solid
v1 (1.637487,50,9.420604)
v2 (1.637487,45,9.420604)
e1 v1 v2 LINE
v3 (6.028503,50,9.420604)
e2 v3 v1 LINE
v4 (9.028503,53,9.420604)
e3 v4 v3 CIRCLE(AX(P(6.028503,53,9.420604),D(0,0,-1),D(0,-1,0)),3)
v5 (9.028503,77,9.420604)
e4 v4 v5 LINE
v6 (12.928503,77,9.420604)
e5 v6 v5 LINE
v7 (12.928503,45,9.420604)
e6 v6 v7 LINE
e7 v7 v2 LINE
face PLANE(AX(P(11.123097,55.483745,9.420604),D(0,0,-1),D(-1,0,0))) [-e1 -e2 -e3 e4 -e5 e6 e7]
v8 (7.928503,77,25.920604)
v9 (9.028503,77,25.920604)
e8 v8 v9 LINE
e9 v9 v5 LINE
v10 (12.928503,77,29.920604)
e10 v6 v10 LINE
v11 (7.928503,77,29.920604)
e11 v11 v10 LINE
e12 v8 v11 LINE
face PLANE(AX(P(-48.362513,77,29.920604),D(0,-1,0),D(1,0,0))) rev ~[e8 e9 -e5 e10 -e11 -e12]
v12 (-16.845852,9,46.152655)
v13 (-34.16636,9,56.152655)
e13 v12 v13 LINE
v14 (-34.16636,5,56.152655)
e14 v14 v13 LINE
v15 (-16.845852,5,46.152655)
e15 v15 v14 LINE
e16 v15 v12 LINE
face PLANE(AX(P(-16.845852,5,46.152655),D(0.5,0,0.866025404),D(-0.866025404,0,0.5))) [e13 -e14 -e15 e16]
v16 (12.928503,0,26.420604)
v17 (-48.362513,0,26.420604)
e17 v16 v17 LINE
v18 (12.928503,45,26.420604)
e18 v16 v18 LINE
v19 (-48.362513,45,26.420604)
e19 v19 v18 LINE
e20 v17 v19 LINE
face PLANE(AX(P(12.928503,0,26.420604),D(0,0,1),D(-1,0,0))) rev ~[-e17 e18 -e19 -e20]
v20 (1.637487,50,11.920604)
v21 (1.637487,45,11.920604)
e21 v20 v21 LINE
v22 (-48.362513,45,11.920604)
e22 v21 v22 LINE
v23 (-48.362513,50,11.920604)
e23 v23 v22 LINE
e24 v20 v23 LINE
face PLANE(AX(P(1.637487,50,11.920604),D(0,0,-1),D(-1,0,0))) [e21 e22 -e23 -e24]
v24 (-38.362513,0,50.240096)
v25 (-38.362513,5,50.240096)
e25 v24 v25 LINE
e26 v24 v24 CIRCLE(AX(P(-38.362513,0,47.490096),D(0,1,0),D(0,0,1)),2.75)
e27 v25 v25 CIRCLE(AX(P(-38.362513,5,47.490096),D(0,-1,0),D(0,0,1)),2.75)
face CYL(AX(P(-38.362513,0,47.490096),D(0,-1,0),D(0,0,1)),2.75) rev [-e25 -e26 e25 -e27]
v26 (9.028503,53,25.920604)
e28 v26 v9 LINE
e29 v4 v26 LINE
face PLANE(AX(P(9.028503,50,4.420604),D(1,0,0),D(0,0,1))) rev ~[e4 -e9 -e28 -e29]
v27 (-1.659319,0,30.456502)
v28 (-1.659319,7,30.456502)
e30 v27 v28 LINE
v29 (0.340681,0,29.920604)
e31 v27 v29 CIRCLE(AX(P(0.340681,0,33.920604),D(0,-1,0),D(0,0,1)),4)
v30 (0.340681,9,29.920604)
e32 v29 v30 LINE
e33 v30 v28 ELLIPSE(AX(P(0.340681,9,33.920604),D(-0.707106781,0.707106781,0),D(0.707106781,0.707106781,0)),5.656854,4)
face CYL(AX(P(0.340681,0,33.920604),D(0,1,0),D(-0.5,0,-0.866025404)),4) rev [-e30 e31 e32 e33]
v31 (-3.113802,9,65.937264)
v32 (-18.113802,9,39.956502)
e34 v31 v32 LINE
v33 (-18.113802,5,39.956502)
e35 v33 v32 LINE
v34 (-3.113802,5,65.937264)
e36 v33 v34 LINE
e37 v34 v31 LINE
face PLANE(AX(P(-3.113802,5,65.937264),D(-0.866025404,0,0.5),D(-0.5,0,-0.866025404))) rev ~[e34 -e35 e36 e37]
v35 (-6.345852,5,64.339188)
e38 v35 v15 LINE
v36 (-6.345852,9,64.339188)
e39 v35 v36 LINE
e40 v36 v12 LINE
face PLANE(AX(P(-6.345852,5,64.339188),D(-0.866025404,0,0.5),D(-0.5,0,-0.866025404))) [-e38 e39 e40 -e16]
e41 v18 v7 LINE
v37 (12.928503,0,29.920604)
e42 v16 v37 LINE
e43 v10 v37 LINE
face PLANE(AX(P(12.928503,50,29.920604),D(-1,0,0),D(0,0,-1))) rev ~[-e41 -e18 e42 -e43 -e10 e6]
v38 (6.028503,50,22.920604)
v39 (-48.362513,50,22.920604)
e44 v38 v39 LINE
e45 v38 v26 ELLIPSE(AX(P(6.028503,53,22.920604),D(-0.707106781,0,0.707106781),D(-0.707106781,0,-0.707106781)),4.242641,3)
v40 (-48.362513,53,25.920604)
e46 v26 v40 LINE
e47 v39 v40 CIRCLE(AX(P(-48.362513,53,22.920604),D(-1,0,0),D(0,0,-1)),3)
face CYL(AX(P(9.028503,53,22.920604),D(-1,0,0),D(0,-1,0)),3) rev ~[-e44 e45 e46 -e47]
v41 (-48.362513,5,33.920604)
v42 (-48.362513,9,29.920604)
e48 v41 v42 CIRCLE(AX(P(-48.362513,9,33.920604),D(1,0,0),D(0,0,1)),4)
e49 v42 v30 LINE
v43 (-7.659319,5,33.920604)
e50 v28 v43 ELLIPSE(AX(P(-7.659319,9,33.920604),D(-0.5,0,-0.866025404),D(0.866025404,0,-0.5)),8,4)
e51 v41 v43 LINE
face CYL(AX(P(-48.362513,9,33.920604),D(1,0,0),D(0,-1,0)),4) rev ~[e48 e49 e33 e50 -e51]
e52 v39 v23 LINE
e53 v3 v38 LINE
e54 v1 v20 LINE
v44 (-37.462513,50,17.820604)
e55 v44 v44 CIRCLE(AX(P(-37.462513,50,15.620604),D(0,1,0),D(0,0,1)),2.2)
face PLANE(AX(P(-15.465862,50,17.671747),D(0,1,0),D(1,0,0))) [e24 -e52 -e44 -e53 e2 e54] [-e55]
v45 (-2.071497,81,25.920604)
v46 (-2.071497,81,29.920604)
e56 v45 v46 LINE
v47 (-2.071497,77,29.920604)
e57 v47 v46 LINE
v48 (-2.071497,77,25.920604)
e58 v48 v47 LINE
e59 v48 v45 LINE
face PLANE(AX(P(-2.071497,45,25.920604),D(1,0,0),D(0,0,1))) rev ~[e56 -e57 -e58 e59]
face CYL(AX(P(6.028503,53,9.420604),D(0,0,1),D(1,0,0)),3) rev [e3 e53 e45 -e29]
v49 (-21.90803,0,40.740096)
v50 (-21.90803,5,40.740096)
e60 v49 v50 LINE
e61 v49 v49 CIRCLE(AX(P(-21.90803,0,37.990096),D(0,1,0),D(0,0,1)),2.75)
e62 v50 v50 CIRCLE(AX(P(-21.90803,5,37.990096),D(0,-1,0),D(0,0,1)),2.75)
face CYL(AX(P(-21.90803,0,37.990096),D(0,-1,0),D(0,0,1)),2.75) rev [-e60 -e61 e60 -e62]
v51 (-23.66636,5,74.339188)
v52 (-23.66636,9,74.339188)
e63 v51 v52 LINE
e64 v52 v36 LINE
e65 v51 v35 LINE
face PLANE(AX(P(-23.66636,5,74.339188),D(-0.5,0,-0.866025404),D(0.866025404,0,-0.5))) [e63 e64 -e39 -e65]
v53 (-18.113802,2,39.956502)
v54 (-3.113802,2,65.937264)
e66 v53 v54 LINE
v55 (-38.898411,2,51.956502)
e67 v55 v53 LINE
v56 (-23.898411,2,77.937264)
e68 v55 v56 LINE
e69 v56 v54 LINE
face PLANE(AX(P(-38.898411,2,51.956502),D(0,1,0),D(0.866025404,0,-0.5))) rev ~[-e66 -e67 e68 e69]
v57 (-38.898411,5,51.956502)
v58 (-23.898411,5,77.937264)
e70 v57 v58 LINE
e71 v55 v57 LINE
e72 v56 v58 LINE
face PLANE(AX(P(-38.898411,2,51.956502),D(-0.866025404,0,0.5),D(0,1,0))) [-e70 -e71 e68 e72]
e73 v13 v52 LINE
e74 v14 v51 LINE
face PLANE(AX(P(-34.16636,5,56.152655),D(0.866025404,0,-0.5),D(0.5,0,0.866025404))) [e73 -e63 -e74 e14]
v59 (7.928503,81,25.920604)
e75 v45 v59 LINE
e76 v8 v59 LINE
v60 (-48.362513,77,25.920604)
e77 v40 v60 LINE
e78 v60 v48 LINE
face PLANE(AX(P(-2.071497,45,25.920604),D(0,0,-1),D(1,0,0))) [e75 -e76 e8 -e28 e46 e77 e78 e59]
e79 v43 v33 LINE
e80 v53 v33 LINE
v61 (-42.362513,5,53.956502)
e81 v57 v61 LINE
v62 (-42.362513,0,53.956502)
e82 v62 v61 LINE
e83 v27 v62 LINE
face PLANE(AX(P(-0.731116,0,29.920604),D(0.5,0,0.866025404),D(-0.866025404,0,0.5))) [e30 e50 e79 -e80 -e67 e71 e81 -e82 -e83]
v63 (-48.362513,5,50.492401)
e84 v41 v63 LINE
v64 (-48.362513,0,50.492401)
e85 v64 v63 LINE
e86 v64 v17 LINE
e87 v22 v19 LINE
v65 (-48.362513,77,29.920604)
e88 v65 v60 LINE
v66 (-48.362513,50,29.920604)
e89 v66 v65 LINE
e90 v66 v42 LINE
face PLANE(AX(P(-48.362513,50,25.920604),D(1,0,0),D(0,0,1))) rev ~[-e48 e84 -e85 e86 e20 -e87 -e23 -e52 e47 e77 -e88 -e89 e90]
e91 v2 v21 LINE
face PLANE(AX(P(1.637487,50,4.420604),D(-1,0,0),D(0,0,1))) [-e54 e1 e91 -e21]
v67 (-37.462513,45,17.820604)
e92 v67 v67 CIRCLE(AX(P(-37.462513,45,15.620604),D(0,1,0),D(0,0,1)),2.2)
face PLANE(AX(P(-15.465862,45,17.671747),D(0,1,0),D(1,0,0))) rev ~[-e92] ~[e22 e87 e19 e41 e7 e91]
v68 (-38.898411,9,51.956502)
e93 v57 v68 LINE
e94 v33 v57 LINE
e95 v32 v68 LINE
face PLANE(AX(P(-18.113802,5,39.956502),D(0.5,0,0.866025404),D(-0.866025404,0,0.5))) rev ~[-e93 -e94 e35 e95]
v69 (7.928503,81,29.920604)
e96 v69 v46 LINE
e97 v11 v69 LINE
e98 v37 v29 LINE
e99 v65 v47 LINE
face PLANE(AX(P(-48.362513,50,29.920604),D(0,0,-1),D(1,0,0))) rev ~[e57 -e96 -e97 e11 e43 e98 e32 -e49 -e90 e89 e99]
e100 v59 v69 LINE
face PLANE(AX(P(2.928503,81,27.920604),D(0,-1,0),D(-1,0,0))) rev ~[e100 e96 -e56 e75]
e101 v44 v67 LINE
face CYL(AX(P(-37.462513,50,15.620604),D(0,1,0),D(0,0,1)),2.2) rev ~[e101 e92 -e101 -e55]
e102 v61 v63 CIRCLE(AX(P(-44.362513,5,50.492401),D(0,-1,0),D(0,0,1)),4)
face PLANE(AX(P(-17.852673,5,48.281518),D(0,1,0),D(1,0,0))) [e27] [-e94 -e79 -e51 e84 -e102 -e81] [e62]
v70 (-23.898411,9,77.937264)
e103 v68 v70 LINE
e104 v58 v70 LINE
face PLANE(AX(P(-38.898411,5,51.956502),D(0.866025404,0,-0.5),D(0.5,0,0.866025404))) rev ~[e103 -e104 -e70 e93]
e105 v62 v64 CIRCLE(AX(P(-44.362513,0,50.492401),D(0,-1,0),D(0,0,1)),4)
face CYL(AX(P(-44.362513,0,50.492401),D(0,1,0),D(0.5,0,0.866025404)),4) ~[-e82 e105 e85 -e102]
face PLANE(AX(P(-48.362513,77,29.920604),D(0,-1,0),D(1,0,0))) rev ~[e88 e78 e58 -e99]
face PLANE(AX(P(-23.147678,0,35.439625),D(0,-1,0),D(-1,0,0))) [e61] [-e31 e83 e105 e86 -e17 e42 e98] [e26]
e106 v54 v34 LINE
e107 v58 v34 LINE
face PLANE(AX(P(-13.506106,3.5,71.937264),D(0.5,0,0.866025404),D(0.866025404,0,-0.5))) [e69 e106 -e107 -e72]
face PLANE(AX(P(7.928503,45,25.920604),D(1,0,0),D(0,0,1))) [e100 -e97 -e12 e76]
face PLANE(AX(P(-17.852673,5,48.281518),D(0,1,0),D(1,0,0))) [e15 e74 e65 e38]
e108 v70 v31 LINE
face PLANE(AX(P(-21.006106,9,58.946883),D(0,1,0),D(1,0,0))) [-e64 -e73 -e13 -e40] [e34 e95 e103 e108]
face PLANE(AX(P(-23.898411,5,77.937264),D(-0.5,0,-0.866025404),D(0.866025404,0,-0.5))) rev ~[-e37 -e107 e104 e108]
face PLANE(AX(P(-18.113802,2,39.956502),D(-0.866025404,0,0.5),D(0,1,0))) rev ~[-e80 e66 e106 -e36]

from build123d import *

# Parameters (mm, degrees)
SKETCH1_R           = 2.75
BOSS_EXTRUDE1_DEPTH = 50
SKETCH2_R           = 2.2
BOSS_EXTRUDE2_DEPTH = 5
BOSS_EXTRUDE3_DEPTH = 32
SKETCH4_W           = 31.007197848
SKETCH4_H           = 89.787861365
CUT_EXTRUDE1_DEPTH  = 5
FILLET2_R           = 3
SKETCH6_W           = 76.819231413
SKETCH6_H           = 36.721827539
CUT_EXTRUDE2_DEPTH  = 45
FILLET3_R           = 4
SKETCH7_W           = 24
SKETCH7_H           = 3
BOSS_EXTRUDE4_DEPTH = 30
BOSS_EXTRUDE5_DEPTH = 4
SKETCH9_W           = 70
SKETCH9_H           = 5
CUT_EXTRUDE3_DEPTH  = 30
BOSS_EXTRUDE6_DEPTH = 36


with BuildPart() as part:
    # Sketch1 → Boss-Extrude1 (new body)
    with BuildSketch(Plane(origin=(0, 0, 0), x_dir=(1, 0, 0), z_dir=(0, 1, 0))):
        Polygon((-48.36251287, -26.4206039), (-13.721496719, -26.4206039), (12.928503281, -26.4206039), (12.928503281, -29.9206039), (-0.731115662, -29.9206039), (-48.36251287, -57.4206039), align=None)
        with Locations(Location((-21.908030198, -37.990095825, 0), (0, 0, 270))):
            Circle(SKETCH1_R, mode=Mode.SUBTRACT)
        with Locations(Location((-38.36251287, -47.490095825, 0), (0, 0, 270))):
            Circle(SKETCH1_R, mode=Mode.SUBTRACT)
    extrude(amount=BOSS_EXTRUDE1_DEPTH)

    # Sketch2 → Boss-Extrude2 (add)
    with BuildSketch(Plane(origin=(0, 50, 0), x_dir=(1, 0, 0), z_dir=(0, 1, 0))):
        Polygon((-48.36251287, -26.4206039), (12.928503281, -26.4206039), (12.928503281, -4.4206039), (1.63748713, -4.4206039), (1.63748713, -11.9206039), (-48.36251287, -11.9206039), align=None)
        with Locations(Location((-37.46251287, -15.6206039, 0), (0, 0, 270))):
            Circle(SKETCH2_R, mode=Mode.SUBTRACT)
    extrude(amount=-BOSS_EXTRUDE2_DEPTH)

    # Sketch3 → Boss-Extrude3 (add)
    with BuildSketch(Plane(origin=(0, 50, 0), x_dir=(1, 0, 0), z_dir=(0, 1, 0))):
        Polygon((12.928503281, -4.4206039), (9.028503281, -4.4206039), (9.028503281, -25.9206039), (-48.36251287, -25.9206039), (-48.36251287, -29.9206039), (6.778503281, -29.9206039), (12.928503281, -29.9206039), align=None)
    extrude(amount=BOSS_EXTRUDE3_DEPTH)

    # Sketch4 → Cut-Extrude1 (cut)
    with BuildSketch(Plane(origin=(0, 0, 4.4206039), x_dir=(-1, 0, 0), z_dir=(0, 0, -1))):
        with Locations((-11.123097368, 55.483744722)):
            Rectangle(SKETCH4_W, SKETCH4_H)
    extrude(amount=-CUT_EXTRUDE1_DEPTH, mode=Mode.SUBTRACT)

    # Fillet2
    fillet2_edges = [part.edges().sort_by_distance(p)[0] for p in [
        (-19.667004794, 50, 25.9206039),
        (9.028503281, 50, 17.6706039),
    ]]
    fillet(fillet2_edges, radius=FILLET2_R)

    # Sketch6 → Cut-Extrude2 (cut)
    with BuildSketch(Plane(origin=(0, 50, 0), x_dir=(1, 0, 0), z_dir=(0, 1, 0))):
        with Locations((-17.852673028, -48.28151767)):
            Rectangle(SKETCH6_W, SKETCH6_H)
    extrude(amount=-CUT_EXTRUDE2_DEPTH, mode=Mode.SUBTRACT)

    # Fillet3
    fillet3_edges = [part.edges().sort_by_distance(p)[0] for p in [
        (-0.731115662, 2.5, 29.9206039),
        (-48.36251287, 2.5, 57.4206039),
        (-24.546814266, 5, 29.9206039),
    ]]
    fillet(fillet3_edges, radius=FILLET3_R)

    # Sketch7 → Boss-Extrude4 (add)
    with BuildSketch(Plane(origin=(12.773222622, 0, 22.123870557), x_dir=(0.8660254037844415, 0, -0.49999999999999506), z_dir=(0.49999999999999506, 0, 0.8660254037844415))):
        with Locations((-47.665263456, 3.5)):
            Rectangle(SKETCH7_W, SKETCH7_H)
    extrude(amount=BOSS_EXTRUDE4_DEPTH)

    # Sketch8 → Boss-Extrude5 (add)
    with BuildSketch(Plane(origin=(0, 5, 0), x_dir=(1, 0, 0), z_dir=(0, 1, 0))):
        Polygon((-18.113801564, -39.956502285), (-38.898411255, -51.956502285), (-23.898411255, -77.937264399), (-3.113801564, -65.937264399), align=None)
        Polygon((-23.666360447, -74.339188187), (-6.345852372, -64.339188187), (-16.845852372, -46.152654708), (-34.166360447, -56.152654708), align=None, mode=Mode.SUBTRACT)
    extrude(amount=BOSS_EXTRUDE5_DEPTH)

    # Sketch9 → Cut-Extrude3 (cut)
    with BuildSketch(Plane.XY.offset(29.9206039)):
        with Locations((-13.36251287, 79.5)):
            Rectangle(SKETCH9_W, SKETCH9_H)
    extrude(amount=-CUT_EXTRUDE3_DEPTH, mode=Mode.SUBTRACT)

    # Sketch11 → Boss-Extrude6 (add)
    with BuildSketch(Plane(origin=(0, 45, 0), x_dir=(1, 0, 0), z_dir=(0, 1, 0))):
        Polygon((7.928503281, -29.9206039), (-2.071496719, -29.9206039), (-2.071496719, -27.9206039), (-2.071496719, -25.9206039), (7.928503281, -25.9206039), align=None)
    extrude(amount=BOSS_EXTRUDE6_DEPTH)


solid = part.part
